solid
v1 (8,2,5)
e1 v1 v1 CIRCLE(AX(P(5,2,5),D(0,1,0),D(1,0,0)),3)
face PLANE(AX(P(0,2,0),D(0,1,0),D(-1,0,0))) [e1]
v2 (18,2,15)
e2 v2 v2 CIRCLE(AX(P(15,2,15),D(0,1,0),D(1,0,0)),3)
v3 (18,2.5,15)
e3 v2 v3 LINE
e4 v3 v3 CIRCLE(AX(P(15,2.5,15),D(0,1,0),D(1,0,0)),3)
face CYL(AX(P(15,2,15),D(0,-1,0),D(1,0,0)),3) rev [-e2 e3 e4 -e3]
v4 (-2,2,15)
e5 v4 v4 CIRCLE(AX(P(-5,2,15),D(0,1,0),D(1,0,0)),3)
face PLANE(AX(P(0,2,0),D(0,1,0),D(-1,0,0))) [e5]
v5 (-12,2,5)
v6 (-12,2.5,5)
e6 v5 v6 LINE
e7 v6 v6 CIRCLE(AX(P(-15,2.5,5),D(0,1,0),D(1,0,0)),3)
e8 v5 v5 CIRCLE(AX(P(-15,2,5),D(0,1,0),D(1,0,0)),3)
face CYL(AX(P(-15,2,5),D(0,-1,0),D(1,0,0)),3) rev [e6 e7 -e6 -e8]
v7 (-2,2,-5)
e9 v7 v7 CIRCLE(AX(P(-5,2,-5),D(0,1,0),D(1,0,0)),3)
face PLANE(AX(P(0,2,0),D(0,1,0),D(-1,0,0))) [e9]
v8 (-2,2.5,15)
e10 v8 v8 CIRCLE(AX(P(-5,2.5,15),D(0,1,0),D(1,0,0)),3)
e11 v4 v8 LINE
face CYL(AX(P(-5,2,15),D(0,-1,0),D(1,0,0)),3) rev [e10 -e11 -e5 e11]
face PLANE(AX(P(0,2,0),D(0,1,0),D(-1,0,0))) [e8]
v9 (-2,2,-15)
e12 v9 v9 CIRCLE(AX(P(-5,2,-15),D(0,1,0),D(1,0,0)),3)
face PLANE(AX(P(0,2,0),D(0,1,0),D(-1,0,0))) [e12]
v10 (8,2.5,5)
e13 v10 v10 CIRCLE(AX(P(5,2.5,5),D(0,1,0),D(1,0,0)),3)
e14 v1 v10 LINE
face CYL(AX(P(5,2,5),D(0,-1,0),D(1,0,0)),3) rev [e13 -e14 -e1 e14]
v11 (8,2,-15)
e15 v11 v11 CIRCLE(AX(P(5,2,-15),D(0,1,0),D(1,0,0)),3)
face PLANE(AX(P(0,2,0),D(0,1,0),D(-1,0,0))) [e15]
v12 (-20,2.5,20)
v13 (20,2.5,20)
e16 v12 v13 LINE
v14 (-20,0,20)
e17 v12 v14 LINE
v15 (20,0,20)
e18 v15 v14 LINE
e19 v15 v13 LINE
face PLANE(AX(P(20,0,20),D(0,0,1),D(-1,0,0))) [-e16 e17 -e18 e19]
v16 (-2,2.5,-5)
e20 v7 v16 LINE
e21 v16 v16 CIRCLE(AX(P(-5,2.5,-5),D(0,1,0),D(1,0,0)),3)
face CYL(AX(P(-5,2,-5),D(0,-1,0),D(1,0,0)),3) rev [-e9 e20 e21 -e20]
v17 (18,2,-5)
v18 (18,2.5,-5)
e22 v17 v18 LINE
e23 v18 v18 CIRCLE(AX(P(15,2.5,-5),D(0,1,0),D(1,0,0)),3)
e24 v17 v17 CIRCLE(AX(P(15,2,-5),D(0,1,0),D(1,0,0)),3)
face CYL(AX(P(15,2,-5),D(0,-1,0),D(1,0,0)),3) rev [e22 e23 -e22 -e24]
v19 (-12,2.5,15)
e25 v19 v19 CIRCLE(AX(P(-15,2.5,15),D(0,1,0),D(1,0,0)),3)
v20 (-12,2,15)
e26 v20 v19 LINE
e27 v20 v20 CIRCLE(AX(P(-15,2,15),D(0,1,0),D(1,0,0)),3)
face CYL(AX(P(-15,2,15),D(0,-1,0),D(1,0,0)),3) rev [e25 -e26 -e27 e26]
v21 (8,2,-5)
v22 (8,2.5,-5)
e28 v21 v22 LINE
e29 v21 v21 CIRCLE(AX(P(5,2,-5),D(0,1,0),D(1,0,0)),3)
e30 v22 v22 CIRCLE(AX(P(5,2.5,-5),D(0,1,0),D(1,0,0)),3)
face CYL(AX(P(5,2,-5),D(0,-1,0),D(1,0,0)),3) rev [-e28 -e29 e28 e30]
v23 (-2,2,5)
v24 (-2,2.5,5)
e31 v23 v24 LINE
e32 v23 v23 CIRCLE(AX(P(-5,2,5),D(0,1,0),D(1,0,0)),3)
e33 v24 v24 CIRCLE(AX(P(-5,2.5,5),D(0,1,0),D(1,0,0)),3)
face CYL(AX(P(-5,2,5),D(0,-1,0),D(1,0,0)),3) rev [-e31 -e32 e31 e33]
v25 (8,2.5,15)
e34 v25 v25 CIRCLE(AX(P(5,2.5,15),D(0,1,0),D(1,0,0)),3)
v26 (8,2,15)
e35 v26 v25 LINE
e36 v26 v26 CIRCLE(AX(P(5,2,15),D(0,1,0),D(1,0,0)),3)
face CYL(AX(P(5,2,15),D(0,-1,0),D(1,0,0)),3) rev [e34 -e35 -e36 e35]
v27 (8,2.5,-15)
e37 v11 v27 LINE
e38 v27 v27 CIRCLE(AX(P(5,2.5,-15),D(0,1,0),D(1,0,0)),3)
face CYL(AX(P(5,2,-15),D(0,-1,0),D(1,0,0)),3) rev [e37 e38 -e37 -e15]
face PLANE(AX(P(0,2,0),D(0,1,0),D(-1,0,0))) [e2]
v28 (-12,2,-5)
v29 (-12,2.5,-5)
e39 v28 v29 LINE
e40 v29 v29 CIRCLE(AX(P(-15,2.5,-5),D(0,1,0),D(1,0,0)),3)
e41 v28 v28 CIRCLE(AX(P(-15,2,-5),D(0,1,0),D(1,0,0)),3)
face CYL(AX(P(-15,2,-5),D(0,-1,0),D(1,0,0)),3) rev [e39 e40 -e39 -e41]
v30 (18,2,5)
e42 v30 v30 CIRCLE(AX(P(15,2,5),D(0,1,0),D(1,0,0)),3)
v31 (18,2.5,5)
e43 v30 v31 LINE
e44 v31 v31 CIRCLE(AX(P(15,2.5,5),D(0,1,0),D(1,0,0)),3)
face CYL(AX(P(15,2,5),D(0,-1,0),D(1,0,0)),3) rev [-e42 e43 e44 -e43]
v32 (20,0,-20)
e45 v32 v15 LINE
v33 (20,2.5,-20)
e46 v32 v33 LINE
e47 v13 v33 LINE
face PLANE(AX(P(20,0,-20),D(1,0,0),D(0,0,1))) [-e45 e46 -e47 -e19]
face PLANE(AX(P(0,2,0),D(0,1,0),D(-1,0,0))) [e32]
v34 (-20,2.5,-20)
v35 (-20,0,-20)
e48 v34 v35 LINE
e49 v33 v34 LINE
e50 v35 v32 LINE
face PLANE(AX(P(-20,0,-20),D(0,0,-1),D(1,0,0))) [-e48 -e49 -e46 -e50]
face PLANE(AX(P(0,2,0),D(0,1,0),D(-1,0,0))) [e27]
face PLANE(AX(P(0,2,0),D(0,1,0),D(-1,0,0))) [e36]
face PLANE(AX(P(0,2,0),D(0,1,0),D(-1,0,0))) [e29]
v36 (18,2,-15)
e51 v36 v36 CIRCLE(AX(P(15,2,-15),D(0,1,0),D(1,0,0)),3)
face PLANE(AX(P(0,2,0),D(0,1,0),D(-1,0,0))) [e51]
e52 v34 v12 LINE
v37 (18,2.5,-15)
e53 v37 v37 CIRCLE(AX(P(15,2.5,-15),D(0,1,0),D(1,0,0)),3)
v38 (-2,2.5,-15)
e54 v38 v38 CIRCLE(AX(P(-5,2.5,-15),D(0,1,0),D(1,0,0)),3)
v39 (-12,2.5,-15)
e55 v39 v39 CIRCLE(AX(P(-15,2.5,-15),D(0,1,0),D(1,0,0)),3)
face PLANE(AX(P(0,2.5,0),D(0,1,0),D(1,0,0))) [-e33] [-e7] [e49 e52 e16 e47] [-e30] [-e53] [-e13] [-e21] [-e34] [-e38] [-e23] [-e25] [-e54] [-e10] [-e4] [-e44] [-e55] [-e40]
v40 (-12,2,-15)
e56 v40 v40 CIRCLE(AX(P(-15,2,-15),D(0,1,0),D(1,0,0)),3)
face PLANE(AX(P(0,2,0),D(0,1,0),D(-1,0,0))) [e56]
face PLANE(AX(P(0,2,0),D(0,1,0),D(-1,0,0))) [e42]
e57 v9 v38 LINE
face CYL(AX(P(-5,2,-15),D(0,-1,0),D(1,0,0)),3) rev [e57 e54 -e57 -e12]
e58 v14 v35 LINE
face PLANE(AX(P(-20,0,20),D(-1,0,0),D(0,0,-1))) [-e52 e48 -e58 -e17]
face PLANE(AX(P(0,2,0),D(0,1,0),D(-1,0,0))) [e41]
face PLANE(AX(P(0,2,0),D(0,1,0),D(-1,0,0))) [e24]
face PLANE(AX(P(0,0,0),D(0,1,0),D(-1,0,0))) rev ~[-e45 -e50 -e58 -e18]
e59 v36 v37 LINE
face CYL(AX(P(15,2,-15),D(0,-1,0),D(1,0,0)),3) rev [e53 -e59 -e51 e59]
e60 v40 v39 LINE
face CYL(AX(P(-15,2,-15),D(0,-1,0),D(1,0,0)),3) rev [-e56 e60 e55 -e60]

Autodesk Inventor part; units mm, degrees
ref_plane "YZ Plane" through (0, 0, 0) normal (1, 0, 0) x (0, 1, 0)
ref_plane "XZ Plane" through (0, 0, 0) normal (0, 1, 0) x (-1, 0, 0)
ref_plane "XY Plane" through (0, 0, 0) normal (0, 0, 1) x (1, 0, 0)
sketch "スケッチ1" plane through (0, 0, 0) normal (0, 1, 0) x (-1, 0, 0)
  line L0 (-20, 20) -> (20, 20)
  line L1 (20, 20) -> (20, -20)
  line L2 (20, -20) -> (-20, -20)
  line L3 (-20, -20) -> (-20, 20)
  point P0 (0, 0)
  dimension "d0" = 40
  dimension "d2" = 40
  dimension "d3" = 20
  dimension "d4" = 20
extrude "押し出し1" add sketch "スケッチ1" along normal blind 2
sketch "スケッチ2" plane through (0, 2, 0) normal (0, 1, 0) x (1, 0, 0)
  line L0 (-20, -20) -> (20, -20) projected
  line L1 (20, -20) -> (20, 20) projected
  line L2 (20, 20) -> (-20, 20) projected
  line L3 (-20, 20) -> (-20, -20) projected
  circle A0 centre (-15, -15) radius 3
  circle A1 centre (-5, -15) radius 3
  circle A2 centre (5, -15) radius 3
  circle A3 centre (15, -15) radius 3
  circle A4 centre (-15, -5) radius 3
  circle A5 centre (-15, 5) radius 3
  circle A6 centre (-15, 15) radius 3
  circle A7 centre (-5, -5) radius 3
  circle A8 centre (-5, 5) radius 3
  circle A9 centre (-5, 15) radius 3
  circle A10 centre (5, -5) radius 3
  circle A11 centre (15, -5) radius 3
  circle A12 centre (15, 5) radius 3
  circle A13 centre (5, 5) radius 3
  circle A14 centre (5, 15) radius 3
  circle A15 centre (15, 15) radius 3
  point P0 (0, 0)
  dimension "d7" = 6
  dimension "d9" = 10
  dimension "d10" = 10
  dimension "d11" = 10
  dimension "d12" = 5
  dimension "d13" = 5
  dimension "d14" = 5
  dimension "d15" = 5
  dimension "d16" = 5
  dimension "d17" = 10
  dimension "d18" = 10
  dimension "d19" = 10
  dimension "d20" = 5
  dimension "d21" = 5
  dimension "d22" = 5
  dimension "d23" = 10
  dimension "d24" = 10
  dimension "d25" = 10
  dimension "d26" = 10
  dimension "d27" = 10
  dimension "d28" = 10
  dimension "d29" = 10
  dimension "d30" = 10
  dimension "d31" = 10
  dimension "d32" = 10
  dimension "d33" = 10
  dimension "d34" = 10
  dimension "d35" = 10
  dimension "d36" = 10
  dimension "d37" = 10
  dimension "d38" = 10
  dimension "d39" = 10
  dimension "d40" = 10
extrude "押し出し2" add sketch "スケッチ2" along normal blind 0.5
properties part number "fai6_sikiita"
